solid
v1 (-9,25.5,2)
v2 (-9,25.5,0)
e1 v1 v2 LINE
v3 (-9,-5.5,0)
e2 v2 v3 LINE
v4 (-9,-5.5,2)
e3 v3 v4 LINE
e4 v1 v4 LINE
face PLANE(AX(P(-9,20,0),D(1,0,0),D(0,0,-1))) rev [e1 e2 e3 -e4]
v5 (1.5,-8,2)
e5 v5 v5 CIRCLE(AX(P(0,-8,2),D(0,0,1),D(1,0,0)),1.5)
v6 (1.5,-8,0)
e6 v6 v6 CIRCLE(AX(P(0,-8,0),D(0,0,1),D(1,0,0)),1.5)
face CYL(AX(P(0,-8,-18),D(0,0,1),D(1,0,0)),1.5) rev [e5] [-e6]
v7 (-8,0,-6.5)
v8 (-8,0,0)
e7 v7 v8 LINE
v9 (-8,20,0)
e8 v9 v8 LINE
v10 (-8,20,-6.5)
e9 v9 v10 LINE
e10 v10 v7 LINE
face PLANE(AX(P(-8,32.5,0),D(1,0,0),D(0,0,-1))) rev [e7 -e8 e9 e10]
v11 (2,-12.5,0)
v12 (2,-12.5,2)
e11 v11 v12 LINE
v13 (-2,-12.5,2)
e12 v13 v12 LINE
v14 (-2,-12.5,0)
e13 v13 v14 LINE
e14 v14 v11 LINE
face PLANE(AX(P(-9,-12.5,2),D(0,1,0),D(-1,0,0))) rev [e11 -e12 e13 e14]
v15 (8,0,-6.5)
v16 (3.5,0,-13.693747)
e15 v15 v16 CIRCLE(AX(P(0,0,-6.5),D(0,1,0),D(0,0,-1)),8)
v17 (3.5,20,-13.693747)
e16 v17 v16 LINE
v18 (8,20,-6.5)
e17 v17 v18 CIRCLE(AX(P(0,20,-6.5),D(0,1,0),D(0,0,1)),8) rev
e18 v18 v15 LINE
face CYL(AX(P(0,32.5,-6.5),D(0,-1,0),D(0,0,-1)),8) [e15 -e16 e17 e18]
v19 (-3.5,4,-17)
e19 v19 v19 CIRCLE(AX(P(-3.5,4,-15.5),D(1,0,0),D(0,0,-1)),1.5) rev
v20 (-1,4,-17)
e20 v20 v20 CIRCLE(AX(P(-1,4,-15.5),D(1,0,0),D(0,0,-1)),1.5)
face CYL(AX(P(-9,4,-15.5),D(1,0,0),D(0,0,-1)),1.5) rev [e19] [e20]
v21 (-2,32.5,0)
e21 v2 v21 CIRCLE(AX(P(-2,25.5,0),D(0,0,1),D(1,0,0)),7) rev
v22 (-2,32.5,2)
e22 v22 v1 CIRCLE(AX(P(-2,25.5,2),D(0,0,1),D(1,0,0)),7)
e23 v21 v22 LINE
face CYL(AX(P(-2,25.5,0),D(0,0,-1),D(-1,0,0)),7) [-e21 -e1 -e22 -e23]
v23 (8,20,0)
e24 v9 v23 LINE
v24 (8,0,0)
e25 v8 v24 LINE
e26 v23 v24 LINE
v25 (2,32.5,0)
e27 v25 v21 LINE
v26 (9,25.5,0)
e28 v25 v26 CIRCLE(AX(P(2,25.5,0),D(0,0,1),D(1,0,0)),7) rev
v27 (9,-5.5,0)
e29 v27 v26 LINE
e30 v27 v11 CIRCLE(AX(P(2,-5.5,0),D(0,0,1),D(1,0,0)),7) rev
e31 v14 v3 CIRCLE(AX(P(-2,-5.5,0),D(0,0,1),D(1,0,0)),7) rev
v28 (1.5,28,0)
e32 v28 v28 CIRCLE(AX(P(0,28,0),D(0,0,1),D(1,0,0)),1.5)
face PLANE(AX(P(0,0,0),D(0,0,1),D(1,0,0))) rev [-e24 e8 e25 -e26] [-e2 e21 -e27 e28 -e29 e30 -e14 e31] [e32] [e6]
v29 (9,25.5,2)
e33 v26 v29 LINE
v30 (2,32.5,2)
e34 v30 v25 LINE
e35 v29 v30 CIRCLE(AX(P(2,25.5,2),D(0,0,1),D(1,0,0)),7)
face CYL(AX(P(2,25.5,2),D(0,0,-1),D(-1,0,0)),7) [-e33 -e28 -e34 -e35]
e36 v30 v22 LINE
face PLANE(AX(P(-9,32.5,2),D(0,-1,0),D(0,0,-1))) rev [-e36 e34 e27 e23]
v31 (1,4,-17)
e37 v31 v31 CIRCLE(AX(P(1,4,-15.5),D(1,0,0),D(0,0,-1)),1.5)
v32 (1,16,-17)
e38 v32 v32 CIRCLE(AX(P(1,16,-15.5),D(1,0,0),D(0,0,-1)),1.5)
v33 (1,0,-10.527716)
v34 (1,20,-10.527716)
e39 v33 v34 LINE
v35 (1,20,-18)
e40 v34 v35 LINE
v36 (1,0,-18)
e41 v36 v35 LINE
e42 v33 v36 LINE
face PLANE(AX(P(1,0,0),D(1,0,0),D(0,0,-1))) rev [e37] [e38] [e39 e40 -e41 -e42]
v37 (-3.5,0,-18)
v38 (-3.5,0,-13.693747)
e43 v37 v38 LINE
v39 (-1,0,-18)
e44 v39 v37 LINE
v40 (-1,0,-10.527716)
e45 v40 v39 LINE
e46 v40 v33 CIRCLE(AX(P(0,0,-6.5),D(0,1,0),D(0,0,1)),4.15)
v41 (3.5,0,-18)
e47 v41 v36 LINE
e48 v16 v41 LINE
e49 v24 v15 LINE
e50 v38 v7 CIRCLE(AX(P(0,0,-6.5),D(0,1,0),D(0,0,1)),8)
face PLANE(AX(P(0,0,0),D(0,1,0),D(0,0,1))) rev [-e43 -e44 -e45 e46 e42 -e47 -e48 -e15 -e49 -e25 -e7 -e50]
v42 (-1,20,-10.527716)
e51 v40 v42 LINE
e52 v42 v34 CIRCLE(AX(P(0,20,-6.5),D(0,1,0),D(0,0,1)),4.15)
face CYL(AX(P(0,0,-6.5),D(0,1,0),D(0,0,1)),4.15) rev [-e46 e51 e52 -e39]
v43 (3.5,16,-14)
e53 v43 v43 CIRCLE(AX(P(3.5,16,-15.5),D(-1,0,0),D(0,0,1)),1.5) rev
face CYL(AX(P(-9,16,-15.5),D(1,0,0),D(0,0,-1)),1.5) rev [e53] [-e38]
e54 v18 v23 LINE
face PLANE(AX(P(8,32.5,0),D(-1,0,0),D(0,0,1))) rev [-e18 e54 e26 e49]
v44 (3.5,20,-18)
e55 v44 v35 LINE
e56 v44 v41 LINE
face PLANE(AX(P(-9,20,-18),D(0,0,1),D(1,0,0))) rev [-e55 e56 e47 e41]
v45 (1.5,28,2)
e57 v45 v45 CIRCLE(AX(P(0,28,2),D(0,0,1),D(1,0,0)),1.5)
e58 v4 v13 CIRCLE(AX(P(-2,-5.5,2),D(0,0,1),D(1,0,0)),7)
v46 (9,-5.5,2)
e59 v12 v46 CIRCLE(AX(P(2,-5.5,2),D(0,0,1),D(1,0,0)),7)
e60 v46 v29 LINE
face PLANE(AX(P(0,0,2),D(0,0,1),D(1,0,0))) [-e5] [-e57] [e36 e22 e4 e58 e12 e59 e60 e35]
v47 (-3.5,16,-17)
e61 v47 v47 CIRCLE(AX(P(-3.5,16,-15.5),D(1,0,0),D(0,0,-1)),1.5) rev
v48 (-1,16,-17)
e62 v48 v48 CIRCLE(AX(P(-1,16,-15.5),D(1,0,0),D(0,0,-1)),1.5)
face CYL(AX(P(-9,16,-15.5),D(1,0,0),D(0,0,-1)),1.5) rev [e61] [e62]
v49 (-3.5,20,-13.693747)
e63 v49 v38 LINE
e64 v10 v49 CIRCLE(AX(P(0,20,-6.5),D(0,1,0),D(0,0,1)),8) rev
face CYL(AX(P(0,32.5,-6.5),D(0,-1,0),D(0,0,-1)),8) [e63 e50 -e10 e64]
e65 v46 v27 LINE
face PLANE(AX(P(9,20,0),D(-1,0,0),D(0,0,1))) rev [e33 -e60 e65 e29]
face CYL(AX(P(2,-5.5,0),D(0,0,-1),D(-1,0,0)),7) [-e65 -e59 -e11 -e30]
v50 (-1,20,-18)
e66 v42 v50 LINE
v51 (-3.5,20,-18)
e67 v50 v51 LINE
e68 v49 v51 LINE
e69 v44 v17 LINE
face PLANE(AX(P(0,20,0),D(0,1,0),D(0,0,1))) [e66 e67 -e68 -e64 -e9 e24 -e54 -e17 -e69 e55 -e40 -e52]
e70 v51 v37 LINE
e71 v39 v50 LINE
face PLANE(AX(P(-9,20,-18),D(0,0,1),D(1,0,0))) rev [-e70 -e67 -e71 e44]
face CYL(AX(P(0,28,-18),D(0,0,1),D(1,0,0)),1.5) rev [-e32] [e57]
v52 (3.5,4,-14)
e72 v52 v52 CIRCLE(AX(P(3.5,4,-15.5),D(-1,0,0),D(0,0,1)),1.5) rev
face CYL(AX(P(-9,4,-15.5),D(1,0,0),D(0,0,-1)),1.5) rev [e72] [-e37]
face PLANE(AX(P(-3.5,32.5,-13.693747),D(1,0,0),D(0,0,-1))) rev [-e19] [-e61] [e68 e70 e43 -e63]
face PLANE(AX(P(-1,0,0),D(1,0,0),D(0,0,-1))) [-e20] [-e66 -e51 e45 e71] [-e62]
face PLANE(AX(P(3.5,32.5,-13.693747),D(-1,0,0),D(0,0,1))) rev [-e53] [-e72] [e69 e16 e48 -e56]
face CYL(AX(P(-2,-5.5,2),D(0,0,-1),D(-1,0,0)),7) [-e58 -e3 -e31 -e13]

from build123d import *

# Parameters (mm, degrees)
SKETCH1_W           = 18
SKETCH1_H           = 18
BOSS_EXTRUDE1_DEPTH = 20
SKETCH2_R           = 4.15
CUT_EXTRUDE1_DEPTH  = 21
SKETCH3_R           = 1.5
CUT_EXTRUDE2_DEPTH  = 19
SKETCH4_W           = 18
SKETCH4_H           = 45
BOSS_EXTRUDE2_DEPTH = 2
SKETCH5_R           = 1.5
CUT_EXTRUDE3_DEPTH  = 21
FILLET1_R           = 7
CUT_EXTRUDE4_DEPTH  = 33.5


with BuildPart() as part:
    # Sketch1 → Boss-Extrude1 (new body)
    with BuildSketch(Plane(origin=(0, 0, 0), x_dir=(1, 0, 0), z_dir=(0, 1, 0))):
        with Locations((0, 9)):
            Rectangle(SKETCH1_W, SKETCH1_H)
    extrude(amount=BOSS_EXTRUDE1_DEPTH)

    # Sketch2 → Cut-Extrude1 (cut, through all)
    with BuildSketch(Plane(origin=(0, 20, 0), x_dir=(1, 0, 0), z_dir=(0, 1, 0))):
        with Locations((0, 6.5)):
            Circle(SKETCH2_R)
        with BuildLine():
            Line((1, 10.527716475), (1, 18))
            Line((1, 18), (0, 18))
            Line((0, 18), (-1, 18))
            Line((-1, 18), (-1, 10.527716475))
            ThreePointArc((-1, 10.527716475), (0, 2.35), (1, 10.527716475))
        make_face()
    extrude(amount=-CUT_EXTRUDE1_DEPTH, mode=Mode.SUBTRACT)

    # Sketch3 → Cut-Extrude2 (cut, through all)
    with BuildSketch(Plane(origin=(9, 0, 0), x_dir=(0, 0, -1), z_dir=(1, 0, 0))):
        with Locations((15.5, 16)):
            Circle(SKETCH3_R)
        with Locations((15.5, 4)):
            Circle(SKETCH3_R)
    extrude(amount=-CUT_EXTRUDE2_DEPTH, mode=Mode.SUBTRACT)

    # Sketch4 → Boss-Extrude2 (add)
    with BuildSketch(Plane.XY):
        with Locations((0, 10)):
            Rectangle(SKETCH4_W, SKETCH4_H)
    extrude(amount=BOSS_EXTRUDE2_DEPTH)

    # Sketch5 → Cut-Extrude3 (cut, through all)
    with BuildSketch(Plane.XY.offset(2)):
        with Locations((0, 28)):
            Circle(SKETCH5_R)
        with Locations((0, -8)):
            Circle(SKETCH5_R)
    extrude(amount=-CUT_EXTRUDE3_DEPTH, mode=Mode.SUBTRACT)

    # Fillet1
    fillet1_edges = [part.edges().sort_by_distance(p)[0] for p in [
        (9, -12.5, 1),
        (9, 32.5, 1),
        (-9, 32.5, 1),
        (-9, -12.5, 1),
    ]]
    fillet(fillet1_edges, radius=FILLET1_R)

    # Sketch6 → Cut-Extrude4 (cut, through all)
    with BuildSketch(Plane.XZ):
        with BuildLine():
            Line((-3.5, -13.693747285), (-3.5, -18))
            Line((-3.5, -18), (-9, -18))
            Line((-9, -18), (-9, 0))
            Line((-9, 0), (-8, 0))
            Line((-8, 0), (-8, -6.5))
            ThreePointArc((-8, -6.5), (-6.782329983, -10.742640687), (-3.5, -13.693747285))
        make_face()
        with BuildLine():
            Line((8, 0), (8, -6.5))
            ThreePointArc((8, -6.5), (6.782329983, -10.742640687), (3.5, -13.693747285))
            Line((3.5, -13.693747285), (3.5, -18))
            Line((3.5, -18), (9, -18))
            Line((9, -18), (9, 0))
            Line((9, 0), (8, 0))
        make_face()
    extrude(amount=-CUT_EXTRUDE4_DEPTH, mode=Mode.SUBTRACT)


solid = part.part
